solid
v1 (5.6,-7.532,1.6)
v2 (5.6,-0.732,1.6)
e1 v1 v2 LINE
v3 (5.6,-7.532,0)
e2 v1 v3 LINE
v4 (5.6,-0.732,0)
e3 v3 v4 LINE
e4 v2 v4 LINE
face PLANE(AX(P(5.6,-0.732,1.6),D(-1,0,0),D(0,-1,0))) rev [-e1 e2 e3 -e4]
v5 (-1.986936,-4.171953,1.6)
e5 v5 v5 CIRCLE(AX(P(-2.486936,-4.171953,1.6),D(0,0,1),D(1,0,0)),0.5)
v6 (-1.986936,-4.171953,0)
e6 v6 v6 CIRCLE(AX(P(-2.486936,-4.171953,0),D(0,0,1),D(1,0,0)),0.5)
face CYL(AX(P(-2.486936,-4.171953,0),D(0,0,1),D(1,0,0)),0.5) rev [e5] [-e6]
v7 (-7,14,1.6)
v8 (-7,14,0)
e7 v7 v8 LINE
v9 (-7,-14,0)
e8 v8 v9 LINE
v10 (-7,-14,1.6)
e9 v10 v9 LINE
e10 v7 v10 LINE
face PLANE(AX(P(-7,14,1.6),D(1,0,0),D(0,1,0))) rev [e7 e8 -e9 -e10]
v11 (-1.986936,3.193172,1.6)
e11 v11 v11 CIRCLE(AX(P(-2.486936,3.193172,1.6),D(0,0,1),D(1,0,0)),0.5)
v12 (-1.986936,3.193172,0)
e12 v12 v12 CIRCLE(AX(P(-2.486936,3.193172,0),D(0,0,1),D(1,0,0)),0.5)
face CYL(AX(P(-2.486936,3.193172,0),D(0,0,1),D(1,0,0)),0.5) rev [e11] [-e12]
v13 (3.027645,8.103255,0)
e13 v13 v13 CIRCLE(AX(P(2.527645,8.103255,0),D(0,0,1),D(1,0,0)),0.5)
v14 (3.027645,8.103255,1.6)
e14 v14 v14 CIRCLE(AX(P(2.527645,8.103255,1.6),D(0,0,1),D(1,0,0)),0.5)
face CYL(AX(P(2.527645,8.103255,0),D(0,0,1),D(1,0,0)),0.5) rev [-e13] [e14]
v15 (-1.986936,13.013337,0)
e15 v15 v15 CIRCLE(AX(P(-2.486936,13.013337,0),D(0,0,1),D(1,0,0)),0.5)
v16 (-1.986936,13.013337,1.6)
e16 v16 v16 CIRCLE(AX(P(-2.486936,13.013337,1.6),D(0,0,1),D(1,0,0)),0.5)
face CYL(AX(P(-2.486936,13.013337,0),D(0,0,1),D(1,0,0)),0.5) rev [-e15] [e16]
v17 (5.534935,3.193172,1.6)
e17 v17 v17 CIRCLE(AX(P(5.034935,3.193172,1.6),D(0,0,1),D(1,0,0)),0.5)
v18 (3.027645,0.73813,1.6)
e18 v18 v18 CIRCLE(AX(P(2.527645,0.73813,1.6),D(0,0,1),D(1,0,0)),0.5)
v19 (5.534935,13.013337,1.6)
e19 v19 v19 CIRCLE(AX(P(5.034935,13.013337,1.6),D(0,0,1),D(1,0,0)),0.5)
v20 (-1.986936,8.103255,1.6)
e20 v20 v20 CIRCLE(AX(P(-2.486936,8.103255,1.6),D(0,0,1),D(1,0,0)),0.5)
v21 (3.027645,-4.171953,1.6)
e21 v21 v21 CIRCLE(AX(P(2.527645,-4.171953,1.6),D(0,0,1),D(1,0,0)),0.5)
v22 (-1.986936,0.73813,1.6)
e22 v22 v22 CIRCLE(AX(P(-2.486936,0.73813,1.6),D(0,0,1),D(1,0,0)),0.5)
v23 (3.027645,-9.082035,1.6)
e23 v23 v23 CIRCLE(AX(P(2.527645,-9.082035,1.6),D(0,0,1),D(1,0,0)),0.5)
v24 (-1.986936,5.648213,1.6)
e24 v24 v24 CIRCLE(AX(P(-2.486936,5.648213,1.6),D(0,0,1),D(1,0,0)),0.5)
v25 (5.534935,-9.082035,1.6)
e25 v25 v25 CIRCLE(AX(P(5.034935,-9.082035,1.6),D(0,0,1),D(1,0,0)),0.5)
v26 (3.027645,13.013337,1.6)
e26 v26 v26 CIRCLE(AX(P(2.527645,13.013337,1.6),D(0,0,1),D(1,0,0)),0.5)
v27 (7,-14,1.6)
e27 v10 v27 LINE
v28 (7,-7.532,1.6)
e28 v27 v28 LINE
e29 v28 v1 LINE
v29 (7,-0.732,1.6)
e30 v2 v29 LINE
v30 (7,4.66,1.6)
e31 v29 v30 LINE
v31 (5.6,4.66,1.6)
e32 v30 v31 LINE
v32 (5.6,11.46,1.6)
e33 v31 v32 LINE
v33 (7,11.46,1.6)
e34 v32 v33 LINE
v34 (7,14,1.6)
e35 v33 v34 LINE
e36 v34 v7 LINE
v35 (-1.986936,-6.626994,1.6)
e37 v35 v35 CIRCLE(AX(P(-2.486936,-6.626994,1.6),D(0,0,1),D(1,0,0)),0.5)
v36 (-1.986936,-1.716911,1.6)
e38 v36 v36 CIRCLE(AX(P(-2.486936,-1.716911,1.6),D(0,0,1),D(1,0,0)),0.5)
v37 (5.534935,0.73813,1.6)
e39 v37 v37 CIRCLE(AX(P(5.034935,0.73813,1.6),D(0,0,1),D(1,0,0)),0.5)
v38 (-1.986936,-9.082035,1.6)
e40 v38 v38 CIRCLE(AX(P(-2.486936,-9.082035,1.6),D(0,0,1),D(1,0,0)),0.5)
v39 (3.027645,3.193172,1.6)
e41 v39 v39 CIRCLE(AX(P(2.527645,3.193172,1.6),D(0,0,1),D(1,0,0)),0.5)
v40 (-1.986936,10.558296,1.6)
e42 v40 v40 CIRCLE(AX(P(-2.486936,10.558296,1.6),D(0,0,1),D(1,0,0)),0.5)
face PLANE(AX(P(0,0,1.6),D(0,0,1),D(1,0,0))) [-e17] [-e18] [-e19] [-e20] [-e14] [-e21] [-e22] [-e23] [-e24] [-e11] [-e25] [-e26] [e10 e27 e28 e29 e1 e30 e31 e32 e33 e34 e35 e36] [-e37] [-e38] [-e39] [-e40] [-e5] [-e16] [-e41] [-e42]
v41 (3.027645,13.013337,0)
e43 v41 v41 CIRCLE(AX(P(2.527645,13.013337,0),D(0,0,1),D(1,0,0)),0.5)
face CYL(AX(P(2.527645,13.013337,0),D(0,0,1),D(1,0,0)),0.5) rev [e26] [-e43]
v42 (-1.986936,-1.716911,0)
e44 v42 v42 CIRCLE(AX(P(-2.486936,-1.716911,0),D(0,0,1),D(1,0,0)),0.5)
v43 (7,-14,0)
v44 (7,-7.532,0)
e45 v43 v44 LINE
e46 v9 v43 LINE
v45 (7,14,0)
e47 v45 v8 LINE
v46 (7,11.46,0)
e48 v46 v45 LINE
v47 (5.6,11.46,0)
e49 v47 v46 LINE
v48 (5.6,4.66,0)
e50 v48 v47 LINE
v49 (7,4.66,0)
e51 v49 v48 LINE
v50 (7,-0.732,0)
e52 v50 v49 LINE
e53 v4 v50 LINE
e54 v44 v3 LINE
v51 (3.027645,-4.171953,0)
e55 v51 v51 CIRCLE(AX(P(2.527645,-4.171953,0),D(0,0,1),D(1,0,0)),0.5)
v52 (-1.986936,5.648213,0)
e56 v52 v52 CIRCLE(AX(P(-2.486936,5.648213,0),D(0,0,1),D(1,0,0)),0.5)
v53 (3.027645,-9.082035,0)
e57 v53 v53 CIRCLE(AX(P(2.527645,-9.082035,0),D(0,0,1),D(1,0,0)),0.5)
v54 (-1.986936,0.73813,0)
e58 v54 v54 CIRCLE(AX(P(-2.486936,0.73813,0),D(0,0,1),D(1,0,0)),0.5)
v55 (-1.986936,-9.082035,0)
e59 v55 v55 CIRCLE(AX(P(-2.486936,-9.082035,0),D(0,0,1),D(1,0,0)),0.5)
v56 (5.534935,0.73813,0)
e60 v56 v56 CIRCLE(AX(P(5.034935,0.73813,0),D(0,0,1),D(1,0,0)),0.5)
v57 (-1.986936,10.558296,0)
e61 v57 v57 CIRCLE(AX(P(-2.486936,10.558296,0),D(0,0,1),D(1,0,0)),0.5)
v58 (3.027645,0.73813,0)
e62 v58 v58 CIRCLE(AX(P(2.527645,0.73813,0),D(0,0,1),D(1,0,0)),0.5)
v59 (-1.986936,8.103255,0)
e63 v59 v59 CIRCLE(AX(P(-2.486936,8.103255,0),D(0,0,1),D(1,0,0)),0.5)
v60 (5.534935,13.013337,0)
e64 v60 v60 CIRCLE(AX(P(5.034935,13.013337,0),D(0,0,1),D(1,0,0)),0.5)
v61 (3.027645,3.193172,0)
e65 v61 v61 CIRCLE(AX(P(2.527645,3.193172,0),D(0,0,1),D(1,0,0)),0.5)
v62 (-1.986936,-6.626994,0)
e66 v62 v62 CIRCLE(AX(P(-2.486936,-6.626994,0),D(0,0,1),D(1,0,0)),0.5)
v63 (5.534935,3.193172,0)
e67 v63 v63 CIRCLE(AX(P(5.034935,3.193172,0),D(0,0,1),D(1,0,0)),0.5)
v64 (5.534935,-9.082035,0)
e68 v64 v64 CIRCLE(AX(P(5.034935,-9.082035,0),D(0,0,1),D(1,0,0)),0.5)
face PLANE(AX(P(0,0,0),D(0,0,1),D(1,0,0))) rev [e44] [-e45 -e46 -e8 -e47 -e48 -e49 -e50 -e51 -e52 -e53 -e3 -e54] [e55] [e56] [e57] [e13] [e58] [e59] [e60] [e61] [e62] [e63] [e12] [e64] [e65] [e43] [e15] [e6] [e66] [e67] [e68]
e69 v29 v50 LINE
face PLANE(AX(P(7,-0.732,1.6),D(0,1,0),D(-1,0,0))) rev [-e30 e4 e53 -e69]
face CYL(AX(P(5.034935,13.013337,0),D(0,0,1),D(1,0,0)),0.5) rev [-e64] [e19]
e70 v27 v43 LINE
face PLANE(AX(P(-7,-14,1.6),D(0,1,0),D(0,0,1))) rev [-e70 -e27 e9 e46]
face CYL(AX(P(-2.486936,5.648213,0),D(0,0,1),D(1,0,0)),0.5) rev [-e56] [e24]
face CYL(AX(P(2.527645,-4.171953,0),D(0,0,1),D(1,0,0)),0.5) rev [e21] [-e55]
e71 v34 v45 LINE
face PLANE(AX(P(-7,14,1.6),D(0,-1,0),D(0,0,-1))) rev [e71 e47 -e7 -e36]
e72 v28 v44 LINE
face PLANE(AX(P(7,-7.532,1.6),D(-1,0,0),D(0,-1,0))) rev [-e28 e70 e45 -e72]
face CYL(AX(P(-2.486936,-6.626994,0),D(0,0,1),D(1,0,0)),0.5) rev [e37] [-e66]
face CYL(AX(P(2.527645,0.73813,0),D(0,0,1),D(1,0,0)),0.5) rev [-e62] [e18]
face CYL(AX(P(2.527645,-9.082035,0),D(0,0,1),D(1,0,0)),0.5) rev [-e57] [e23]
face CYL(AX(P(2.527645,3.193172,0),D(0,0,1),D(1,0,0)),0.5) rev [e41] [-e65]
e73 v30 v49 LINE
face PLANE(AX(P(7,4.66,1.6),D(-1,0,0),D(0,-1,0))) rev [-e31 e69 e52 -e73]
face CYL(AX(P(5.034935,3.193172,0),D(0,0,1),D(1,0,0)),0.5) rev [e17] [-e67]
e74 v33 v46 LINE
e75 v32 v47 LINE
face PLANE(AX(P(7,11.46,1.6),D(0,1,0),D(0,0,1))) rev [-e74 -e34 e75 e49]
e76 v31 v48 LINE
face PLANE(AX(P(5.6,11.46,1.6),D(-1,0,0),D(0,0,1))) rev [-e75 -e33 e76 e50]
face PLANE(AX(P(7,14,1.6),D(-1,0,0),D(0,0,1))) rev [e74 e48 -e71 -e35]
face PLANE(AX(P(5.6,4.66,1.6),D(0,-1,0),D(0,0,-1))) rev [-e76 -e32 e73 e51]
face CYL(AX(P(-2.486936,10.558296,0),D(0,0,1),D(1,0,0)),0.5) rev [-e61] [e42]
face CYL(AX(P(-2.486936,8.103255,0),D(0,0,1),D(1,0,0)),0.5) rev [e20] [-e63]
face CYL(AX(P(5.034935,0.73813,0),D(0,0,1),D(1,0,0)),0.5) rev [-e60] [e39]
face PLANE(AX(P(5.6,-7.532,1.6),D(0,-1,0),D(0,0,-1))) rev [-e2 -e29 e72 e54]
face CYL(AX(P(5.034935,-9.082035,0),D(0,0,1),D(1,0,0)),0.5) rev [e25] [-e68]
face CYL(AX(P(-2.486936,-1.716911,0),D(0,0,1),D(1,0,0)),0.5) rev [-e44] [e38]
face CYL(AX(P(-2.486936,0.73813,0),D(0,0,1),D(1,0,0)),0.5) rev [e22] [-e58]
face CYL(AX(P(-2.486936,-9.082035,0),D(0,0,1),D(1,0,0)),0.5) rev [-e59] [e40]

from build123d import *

# Parameters (mm, degrees)
BOSS_EXTRUDE1_DEPTH = 1.6
SKETCH2_R           = 0.5
CUT_EXTRUDE1_DEPTH  = 16.734039532


with BuildPart() as part:
    # Sketch1 → Boss-Extrude1 (new body)
    with BuildSketch(Plane.XY):
        Polygon((7, 11.46), (5.6, 11.46), (5.6, 4.66), (7, 4.66), (7, -0.732), (5.6, -0.732), (5.6, -7.532), (7, -7.532), (7, -14), (-7, -14), (-7, 14), (7, 14), align=None)
    extrude(amount=BOSS_EXTRUDE1_DEPTH)

    # Sketch2 → Cut-Extrude1 (cut, through all)
    with BuildSketch(Plane.XY.offset(1.6)):
        with Locations((-2.486935959, 13.013337482)):
            Circle(SKETCH2_R)
        with Locations((-2.486935959, 10.558296047)):
            Circle(SKETCH2_R)
        with Locations((-2.486935959, 8.103254612)):
            Circle(SKETCH2_R)
        with Locations((-2.486935959, 5.648213177)):
            Circle(SKETCH2_R)
        with Locations((-2.486935959, 3.193171742)):
            Circle(SKETCH2_R)
        with Locations((-2.486935959, 0.738130307)):
            Circle(SKETCH2_R)
        with Locations((-2.486935959, -1.716911128)):
            Circle(SKETCH2_R)
        with Locations((-2.486935959, -6.626993998)):
            Circle(SKETCH2_R)
        with Locations((-2.486935959, -9.082035433)):
            Circle(SKETCH2_R)
        with Locations((2.527644678, -4.171952563)):
            Circle(SKETCH2_R)
        with Locations((2.527644678, 8.103254612)):
            Circle(SKETCH2_R)
        with Locations((-2.486935959, -4.171952563)):
            Circle(SKETCH2_R)
        with Locations((2.527644678, 0.738130307)):
            Circle(SKETCH2_R)
        with Locations((2.527644678, 3.193171742)):
            Circle(SKETCH2_R)
        with Locations((5.034934997, 3.193171742)):
            Circle(SKETCH2_R)
        with Locations((5.034934997, 0.738130307)):
            Circle(SKETCH2_R)
        with Locations((2.527644678, 13.013337482)):
            Circle(SKETCH2_R)
        with Locations((5.034934997, 13.013337482)):
            Circle(SKETCH2_R)
        with Locations((5.034934997, -9.082035433)):
            Circle(SKETCH2_R)
        with Locations((2.527644678, -9.082035433)):
            Circle(SKETCH2_R)
    extrude(amount=-CUT_EXTRUDE1_DEPTH, mode=Mode.SUBTRACT)


solid = part.part
